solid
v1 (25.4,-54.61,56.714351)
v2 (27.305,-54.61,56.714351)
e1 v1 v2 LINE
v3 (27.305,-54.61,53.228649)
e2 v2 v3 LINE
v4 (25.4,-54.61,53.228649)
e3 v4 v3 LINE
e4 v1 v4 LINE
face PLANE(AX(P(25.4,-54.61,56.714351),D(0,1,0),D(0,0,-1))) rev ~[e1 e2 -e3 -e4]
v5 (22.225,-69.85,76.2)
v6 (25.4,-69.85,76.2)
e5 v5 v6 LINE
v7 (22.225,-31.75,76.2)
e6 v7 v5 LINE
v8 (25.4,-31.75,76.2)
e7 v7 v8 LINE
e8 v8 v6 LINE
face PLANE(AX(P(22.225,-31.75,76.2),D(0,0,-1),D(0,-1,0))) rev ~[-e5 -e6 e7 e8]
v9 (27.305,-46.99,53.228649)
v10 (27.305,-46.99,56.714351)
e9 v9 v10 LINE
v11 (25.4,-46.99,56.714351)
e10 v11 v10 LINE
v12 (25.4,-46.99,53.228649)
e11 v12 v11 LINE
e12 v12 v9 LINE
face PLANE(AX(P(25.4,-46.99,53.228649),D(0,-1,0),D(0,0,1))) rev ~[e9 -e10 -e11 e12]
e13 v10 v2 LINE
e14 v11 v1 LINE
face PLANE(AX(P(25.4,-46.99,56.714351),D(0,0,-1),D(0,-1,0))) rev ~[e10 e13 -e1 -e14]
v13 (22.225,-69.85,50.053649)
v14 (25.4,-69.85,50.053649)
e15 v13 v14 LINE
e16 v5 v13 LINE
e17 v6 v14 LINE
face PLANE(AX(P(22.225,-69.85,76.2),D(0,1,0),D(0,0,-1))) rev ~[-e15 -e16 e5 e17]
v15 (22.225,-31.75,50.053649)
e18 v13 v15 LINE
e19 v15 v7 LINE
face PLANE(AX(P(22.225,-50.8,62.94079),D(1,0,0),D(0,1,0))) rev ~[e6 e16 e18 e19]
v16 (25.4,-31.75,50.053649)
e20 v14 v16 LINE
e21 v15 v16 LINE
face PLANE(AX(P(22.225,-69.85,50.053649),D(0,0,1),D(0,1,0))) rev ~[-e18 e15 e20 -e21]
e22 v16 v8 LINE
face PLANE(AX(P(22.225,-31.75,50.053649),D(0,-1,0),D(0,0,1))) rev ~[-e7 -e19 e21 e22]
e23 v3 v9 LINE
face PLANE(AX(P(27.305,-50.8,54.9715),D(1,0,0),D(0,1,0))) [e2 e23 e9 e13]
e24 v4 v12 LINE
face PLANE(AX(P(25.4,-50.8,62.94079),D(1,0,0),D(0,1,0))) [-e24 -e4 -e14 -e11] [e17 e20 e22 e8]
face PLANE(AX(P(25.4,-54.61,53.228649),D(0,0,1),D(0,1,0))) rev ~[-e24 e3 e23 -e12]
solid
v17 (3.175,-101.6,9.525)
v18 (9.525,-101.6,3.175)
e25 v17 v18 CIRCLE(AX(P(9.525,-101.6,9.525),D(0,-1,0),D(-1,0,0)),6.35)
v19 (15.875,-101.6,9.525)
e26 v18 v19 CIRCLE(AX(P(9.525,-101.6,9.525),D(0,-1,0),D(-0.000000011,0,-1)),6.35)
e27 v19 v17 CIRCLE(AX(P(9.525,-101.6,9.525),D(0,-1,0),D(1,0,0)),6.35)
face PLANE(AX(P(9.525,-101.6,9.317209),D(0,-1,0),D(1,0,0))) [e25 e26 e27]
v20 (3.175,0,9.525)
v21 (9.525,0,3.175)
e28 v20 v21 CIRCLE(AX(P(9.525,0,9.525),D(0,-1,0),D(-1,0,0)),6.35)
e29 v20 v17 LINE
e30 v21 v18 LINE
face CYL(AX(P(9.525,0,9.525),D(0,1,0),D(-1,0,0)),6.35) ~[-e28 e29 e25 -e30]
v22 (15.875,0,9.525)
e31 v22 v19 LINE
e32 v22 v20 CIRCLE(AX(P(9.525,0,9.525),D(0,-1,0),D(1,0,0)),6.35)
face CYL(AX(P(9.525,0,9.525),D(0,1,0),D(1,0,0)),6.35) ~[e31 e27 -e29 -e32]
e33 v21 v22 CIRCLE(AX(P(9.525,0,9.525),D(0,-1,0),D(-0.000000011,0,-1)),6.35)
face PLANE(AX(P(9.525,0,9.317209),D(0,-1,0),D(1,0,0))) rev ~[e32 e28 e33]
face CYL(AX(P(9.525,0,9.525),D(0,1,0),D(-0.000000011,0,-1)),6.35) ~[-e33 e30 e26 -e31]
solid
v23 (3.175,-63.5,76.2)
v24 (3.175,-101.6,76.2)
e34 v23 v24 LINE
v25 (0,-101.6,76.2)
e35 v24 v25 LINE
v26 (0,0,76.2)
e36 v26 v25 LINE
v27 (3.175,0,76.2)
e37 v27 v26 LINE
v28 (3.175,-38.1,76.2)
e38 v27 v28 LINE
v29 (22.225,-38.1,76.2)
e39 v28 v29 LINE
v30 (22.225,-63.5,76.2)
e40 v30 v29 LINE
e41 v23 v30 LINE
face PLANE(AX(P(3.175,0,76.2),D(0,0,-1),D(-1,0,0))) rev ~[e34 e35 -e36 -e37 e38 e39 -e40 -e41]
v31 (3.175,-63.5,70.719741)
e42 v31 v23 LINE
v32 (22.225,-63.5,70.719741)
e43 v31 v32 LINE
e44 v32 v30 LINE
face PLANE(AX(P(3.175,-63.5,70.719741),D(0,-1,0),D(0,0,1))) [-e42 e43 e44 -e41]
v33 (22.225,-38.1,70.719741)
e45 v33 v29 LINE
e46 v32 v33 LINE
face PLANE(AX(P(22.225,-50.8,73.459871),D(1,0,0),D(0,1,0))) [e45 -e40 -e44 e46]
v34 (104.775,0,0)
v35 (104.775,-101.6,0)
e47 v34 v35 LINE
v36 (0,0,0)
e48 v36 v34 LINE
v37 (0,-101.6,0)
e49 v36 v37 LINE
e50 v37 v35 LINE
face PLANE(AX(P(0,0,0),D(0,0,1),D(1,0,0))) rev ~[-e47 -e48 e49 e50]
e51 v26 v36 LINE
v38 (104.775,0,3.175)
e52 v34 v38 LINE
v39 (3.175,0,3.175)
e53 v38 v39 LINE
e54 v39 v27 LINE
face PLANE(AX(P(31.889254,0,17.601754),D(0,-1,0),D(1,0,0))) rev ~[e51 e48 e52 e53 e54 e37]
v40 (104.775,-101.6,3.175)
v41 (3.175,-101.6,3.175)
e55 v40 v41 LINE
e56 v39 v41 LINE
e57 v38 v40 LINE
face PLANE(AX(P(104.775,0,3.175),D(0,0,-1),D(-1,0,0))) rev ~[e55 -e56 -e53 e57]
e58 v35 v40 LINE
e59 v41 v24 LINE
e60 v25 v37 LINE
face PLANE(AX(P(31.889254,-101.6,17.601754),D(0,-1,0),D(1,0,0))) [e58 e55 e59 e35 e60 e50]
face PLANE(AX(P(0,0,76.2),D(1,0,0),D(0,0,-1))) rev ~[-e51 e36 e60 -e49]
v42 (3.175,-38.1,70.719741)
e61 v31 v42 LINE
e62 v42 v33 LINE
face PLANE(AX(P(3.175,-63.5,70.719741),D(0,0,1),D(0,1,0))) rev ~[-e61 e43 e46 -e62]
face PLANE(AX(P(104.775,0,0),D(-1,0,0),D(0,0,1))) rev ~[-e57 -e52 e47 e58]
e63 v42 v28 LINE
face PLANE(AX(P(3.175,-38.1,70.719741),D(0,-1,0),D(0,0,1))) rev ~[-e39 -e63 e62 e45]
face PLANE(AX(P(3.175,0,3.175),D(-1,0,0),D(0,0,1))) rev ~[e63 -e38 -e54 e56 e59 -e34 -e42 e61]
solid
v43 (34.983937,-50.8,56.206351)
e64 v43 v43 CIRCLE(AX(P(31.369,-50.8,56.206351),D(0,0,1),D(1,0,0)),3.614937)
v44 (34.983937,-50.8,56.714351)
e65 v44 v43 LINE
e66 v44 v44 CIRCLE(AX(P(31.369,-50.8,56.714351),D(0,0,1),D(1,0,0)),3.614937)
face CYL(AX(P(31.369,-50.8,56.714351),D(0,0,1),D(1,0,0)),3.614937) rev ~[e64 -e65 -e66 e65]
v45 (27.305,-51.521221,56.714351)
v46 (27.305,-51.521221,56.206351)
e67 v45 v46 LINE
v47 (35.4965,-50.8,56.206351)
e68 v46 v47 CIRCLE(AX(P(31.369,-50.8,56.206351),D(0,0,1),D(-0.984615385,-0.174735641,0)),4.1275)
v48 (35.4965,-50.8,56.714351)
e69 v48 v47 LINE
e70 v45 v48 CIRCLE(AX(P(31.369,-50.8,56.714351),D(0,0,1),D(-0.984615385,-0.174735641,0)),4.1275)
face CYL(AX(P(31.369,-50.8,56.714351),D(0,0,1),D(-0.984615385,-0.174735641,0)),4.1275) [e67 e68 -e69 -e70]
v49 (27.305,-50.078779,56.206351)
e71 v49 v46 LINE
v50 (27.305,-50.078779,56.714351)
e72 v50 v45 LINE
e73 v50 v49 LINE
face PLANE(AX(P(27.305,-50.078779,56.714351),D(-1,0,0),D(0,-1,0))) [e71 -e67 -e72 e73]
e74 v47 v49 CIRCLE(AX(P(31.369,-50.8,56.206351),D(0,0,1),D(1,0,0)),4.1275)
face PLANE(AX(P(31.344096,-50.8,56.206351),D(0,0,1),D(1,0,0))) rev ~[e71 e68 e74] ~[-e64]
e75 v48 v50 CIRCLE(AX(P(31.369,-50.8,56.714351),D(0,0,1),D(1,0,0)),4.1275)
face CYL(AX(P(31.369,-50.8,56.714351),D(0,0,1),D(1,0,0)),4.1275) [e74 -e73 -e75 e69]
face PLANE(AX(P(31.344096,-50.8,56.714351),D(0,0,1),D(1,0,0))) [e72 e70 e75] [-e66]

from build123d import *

# Parameters (mm, degrees)
F1_DEPTH  = 101.6
F2_W      = 25.4
F2_H      = 5.4802587152
F3_DEPTH  = 19.05
F4_W      = 25.4
F4_H      = 5.4802587152
F5_DEPTH  = 3.175
F7_DEPTH  = 1.905
F9_DEPTH  = 0.508
F10_R     = 3.6149372384
F11_DEPTH = 0.508


with BuildPart() as f1:
    # F0 (on Front) → F1 (new body)
    with BuildSketch(Plane.XZ):
        Polygon((0, 76.2), (0, 0), (104.775, 0), (104.775, 3.175), (9.5249999312, 3.175), (3.175, 3.175), (3.175, 9.525), (3.175, 76.2), align=None)
    extrude(amount=F1_DEPTH)

    # F2 (on face) → F3 (join)
    with BuildSketch(Plane.YZ.offset(3.175)):
        with Locations((-50.8, 73.4598706424)):
            Rectangle(F2_W, F2_H)
    extrude(amount=F3_DEPTH)


with BuildPart() as f1b:
    # F0 (on Front) → F1, piece 2 (new body)
    with BuildSketch(Plane.XZ):
        with BuildLine():
            ThreePointArc((3.175, 9.525), (5.0348719151, 5.0348719638), (9.5249999312, 3.175))
            ThreePointArc((9.5249999312, 3.175), (14.0151280362, 5.0348719151), (15.875, 9.525))
            ThreePointArc((15.875, 9.525), (9.525, 15.875), (3.175, 9.525))
        make_face()
    extrude(amount=F1_DEPTH)


with BuildPart() as f5:
    # F4 (on face) → F5 (new body)
    with BuildSketch(Plane.YZ.offset(22.225)):
        Polygon((-31.75, 76.2), (-38.1, 76.2), (-38.1, 70.7197412848), (-63.5, 70.7197412848), (-63.5, 76.2), (-69.85, 76.2), (-69.85, 50.0536486506), (-31.75, 50.0536486506), align=None)
        with Locations((-50.8, 73.4598706424)):
            Rectangle(F4_W, F4_H)
    extrude(amount=F5_DEPTH)

    # F6 (on face) → F7 (join)
    with BuildSketch(Plane.YZ.offset(25.4)):
        Polygon((-54.61, 53.2286486506), (-50.8, 53.2286486506), (-46.99, 53.2286486506), (-46.99, 56.7143506289), (-54.61, 56.7143506289), align=None)
    extrude(amount=F7_DEPTH)


with BuildPart() as f9:
    # F8 (on face) → F9 (new body)
    with BuildSketch(Plane.XY.offset(56.7143506289)):
        with BuildLine():
            ThreePointArc((27.305, -51.5212213599), (31.7310056975, -54.9115943532), (35.4965, -50.8))
            ThreePointArc((35.4965, -50.8), (31.7310056975, -46.6884056468), (27.305, -50.0787786401))
            Line((27.305, -50.0787786401), (27.305, -51.5212213599))
        make_face()
    extrude(amount=-F9_DEPTH)

    # F10 (on face) → F11 (cut)
    with BuildSketch(Plane.XY.offset(56.7143506289)):
        with Locations((31.369, -50.8)):
            Circle(F10_R)
    extrude(amount=-F11_DEPTH, mode=Mode.SUBTRACT)


solid = Compound([f1.part, f1b.part, f5.part, f9.part])
